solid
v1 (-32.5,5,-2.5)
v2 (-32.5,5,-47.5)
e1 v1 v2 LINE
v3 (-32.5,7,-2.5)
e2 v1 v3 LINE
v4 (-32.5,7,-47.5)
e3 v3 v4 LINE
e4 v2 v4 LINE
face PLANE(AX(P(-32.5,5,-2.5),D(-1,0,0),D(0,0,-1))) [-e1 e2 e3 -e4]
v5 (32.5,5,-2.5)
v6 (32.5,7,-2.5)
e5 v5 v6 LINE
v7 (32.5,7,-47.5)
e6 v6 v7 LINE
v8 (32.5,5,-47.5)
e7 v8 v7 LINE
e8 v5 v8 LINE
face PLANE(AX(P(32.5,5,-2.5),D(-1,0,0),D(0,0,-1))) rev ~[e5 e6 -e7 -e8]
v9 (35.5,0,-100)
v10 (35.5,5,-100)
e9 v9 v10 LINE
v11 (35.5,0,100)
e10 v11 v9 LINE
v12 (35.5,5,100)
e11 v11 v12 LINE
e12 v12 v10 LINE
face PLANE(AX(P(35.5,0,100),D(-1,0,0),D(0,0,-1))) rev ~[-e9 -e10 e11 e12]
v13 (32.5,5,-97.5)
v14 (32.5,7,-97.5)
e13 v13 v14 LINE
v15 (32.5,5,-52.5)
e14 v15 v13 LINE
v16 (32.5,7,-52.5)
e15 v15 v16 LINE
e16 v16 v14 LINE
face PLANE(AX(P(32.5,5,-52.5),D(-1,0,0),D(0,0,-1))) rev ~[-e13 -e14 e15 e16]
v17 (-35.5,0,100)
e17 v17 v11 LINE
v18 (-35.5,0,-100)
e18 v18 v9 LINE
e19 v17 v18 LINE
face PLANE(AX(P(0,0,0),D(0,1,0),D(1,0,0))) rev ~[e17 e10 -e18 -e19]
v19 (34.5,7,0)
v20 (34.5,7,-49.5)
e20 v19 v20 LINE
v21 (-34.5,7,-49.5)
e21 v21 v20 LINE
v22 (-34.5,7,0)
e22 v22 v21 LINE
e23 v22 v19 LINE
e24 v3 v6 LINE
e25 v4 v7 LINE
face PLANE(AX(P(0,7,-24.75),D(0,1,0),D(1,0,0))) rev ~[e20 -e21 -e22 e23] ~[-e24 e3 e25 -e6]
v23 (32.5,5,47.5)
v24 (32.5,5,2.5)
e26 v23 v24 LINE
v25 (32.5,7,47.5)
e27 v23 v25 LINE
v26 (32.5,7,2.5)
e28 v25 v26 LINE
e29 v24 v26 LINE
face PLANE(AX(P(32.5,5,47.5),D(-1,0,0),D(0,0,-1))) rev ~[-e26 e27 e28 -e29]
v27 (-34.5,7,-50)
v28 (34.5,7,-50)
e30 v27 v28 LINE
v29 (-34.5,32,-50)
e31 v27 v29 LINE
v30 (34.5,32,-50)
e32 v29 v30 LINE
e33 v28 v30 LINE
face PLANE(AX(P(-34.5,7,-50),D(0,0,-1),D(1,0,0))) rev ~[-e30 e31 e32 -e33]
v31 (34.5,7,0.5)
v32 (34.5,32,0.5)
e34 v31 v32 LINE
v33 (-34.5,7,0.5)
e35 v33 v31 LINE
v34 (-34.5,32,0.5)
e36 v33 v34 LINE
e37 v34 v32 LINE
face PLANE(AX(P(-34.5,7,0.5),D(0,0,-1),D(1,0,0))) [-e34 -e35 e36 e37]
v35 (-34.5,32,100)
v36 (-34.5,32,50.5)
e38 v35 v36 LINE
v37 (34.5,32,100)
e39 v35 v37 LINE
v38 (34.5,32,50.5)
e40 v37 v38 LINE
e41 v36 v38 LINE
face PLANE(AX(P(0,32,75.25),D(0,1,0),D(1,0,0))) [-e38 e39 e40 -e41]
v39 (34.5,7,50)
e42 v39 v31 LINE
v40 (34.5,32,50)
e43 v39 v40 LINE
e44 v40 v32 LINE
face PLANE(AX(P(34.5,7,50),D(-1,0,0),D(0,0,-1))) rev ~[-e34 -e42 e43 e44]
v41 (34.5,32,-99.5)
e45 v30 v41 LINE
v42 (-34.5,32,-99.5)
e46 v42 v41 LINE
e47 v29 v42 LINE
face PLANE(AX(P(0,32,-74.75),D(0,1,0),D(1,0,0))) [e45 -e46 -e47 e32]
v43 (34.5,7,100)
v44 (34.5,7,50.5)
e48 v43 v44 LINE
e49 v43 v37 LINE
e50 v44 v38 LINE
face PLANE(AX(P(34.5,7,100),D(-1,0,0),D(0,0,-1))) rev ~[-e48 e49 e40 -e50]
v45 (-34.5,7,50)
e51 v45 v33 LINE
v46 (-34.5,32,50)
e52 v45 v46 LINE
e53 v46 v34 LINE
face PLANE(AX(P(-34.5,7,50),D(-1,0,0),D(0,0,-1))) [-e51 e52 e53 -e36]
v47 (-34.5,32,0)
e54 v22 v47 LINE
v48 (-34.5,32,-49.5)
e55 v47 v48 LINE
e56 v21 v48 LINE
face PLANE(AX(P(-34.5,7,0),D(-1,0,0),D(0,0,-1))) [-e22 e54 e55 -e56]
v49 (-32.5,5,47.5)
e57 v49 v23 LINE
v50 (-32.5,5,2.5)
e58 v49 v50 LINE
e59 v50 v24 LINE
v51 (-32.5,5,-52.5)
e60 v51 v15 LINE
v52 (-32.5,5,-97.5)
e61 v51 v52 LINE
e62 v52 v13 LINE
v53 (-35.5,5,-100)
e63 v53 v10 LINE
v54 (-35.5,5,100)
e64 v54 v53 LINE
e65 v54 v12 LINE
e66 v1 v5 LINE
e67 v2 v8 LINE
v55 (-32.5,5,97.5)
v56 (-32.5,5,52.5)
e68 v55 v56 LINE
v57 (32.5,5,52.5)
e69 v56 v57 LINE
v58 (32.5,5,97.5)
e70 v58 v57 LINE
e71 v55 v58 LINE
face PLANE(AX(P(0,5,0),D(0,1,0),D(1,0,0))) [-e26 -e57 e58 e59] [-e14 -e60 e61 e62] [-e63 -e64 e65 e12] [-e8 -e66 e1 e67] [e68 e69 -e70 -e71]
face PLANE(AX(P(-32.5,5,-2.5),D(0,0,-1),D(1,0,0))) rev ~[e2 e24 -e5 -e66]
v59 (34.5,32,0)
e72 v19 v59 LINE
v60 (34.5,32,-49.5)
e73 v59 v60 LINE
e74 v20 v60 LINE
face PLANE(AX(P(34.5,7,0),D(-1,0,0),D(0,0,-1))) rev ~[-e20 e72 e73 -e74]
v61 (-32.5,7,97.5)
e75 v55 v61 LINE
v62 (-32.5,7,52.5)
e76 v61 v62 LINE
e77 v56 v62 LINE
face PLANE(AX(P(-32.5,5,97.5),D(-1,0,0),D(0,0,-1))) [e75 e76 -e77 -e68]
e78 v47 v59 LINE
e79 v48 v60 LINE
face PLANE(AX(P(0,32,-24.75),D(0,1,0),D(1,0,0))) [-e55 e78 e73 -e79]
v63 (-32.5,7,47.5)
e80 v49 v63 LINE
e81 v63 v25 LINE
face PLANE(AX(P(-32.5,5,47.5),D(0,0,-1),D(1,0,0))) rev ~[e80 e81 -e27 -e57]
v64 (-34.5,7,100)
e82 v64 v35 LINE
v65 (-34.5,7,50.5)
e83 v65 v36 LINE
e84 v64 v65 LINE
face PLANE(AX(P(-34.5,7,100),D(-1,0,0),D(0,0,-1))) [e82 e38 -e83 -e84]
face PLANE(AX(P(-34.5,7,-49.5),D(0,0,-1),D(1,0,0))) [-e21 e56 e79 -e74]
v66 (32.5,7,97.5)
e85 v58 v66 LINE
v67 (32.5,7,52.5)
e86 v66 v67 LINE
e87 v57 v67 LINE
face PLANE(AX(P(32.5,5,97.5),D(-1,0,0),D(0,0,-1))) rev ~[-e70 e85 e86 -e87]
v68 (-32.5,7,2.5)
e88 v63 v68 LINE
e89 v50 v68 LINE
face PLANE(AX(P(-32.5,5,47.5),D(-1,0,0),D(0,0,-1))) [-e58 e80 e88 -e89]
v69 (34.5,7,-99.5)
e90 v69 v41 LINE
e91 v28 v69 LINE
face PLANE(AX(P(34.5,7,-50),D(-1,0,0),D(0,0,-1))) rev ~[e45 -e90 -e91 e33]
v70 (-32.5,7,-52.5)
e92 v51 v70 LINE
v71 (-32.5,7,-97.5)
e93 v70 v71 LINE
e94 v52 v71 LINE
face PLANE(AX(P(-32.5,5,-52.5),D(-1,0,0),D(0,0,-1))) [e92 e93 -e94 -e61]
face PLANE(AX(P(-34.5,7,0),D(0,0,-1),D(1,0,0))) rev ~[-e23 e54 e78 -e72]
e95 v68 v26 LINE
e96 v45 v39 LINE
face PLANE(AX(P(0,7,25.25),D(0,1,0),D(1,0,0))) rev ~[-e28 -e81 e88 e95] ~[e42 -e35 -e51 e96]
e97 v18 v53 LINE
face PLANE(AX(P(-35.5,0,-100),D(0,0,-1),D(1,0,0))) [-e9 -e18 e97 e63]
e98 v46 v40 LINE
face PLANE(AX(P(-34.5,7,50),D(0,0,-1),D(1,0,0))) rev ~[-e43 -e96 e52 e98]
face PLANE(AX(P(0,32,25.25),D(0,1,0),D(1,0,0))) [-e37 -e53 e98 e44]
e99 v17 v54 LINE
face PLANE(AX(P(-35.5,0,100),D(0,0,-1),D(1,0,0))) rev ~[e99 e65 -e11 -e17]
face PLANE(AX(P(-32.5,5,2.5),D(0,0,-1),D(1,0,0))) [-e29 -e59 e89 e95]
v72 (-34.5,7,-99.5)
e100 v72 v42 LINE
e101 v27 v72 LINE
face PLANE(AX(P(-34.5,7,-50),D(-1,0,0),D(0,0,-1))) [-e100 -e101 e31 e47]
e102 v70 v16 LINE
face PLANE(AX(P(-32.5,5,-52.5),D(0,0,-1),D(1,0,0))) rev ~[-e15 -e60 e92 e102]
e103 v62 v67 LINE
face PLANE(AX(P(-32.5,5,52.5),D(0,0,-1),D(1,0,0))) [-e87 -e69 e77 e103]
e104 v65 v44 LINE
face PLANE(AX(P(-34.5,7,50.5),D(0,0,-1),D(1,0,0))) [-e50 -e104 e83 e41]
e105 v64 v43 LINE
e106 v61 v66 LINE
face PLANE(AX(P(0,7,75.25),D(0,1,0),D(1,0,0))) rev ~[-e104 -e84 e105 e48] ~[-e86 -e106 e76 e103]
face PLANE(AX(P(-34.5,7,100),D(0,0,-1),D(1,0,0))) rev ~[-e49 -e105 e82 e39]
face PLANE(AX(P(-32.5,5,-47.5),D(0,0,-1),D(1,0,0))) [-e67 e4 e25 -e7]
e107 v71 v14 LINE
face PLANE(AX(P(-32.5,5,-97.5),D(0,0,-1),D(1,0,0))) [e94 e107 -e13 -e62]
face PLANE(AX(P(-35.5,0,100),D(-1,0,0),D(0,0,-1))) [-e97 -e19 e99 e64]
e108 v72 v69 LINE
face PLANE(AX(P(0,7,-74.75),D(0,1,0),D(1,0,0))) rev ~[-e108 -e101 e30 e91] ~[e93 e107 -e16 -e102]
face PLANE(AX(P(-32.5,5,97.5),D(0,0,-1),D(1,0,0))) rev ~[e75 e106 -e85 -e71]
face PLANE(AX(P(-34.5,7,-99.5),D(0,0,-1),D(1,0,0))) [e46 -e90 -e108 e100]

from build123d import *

# Parameters (mm, degrees)
SKETCH1_W           = 71
SKETCH1_H           = 200
BOSS_EXTRUDE1_DEPTH = 5
SKETCH2_W           = 65
SKETCH2_H           = 45
BOSS_EXTRUDE3_DEPTH = 2
LPATTERN1_COUNT     = 4
LPATTERN1_PITCH     = 50
SKETCH3_W           = 69
SKETCH3_H           = 49.5
BOSS_EXTRUDE8_DEPTH = 25
LPATTERN5_COUNT     = 4
LPATTERN5_PITCH     = 50


with BuildPart() as part:
    # Sketch1 → Boss-Extrude1 (new body)
    with BuildSketch(Plane(origin=(0, 0, 0), x_dir=(1, 0, 0), z_dir=(0, 1, 0))):
        Rectangle(SKETCH1_W, SKETCH1_H)
    extrude(amount=BOSS_EXTRUDE1_DEPTH)

    # Sketch2 → Boss-Extrude3 (add)
    with BuildSketch(Plane(origin=(0, 5, 0), x_dir=(1, 0, 0), z_dir=(0, 1, 0))):
        with Locations((0, -75)):
            Rectangle(SKETCH2_W, SKETCH2_H)
    boss_extrude3 = extrude(amount=BOSS_EXTRUDE3_DEPTH)

    # LPattern1: Boss-Extrude3 ×4
    with Locations(*[(0, 0, -i * LPATTERN1_PITCH) for i in range(1, LPATTERN1_COUNT)]):
        add(boss_extrude3)

    # Sketch3 → Boss-Extrude8 (add)
    with BuildSketch(Plane(origin=(0, 7, 0), x_dir=(1, 0, 0), z_dir=(0, 1, 0))):
        with Locations((0, -75.25)):
            Rectangle(SKETCH3_W, SKETCH3_H)
    boss_extrude8 = extrude(amount=BOSS_EXTRUDE8_DEPTH)

    # LPattern5: Boss-Extrude8 ×4
    with Locations(*[(0, 0, -i * LPATTERN5_PITCH) for i in range(1, LPATTERN5_COUNT)]):
        add(boss_extrude8)


solid = part.part
